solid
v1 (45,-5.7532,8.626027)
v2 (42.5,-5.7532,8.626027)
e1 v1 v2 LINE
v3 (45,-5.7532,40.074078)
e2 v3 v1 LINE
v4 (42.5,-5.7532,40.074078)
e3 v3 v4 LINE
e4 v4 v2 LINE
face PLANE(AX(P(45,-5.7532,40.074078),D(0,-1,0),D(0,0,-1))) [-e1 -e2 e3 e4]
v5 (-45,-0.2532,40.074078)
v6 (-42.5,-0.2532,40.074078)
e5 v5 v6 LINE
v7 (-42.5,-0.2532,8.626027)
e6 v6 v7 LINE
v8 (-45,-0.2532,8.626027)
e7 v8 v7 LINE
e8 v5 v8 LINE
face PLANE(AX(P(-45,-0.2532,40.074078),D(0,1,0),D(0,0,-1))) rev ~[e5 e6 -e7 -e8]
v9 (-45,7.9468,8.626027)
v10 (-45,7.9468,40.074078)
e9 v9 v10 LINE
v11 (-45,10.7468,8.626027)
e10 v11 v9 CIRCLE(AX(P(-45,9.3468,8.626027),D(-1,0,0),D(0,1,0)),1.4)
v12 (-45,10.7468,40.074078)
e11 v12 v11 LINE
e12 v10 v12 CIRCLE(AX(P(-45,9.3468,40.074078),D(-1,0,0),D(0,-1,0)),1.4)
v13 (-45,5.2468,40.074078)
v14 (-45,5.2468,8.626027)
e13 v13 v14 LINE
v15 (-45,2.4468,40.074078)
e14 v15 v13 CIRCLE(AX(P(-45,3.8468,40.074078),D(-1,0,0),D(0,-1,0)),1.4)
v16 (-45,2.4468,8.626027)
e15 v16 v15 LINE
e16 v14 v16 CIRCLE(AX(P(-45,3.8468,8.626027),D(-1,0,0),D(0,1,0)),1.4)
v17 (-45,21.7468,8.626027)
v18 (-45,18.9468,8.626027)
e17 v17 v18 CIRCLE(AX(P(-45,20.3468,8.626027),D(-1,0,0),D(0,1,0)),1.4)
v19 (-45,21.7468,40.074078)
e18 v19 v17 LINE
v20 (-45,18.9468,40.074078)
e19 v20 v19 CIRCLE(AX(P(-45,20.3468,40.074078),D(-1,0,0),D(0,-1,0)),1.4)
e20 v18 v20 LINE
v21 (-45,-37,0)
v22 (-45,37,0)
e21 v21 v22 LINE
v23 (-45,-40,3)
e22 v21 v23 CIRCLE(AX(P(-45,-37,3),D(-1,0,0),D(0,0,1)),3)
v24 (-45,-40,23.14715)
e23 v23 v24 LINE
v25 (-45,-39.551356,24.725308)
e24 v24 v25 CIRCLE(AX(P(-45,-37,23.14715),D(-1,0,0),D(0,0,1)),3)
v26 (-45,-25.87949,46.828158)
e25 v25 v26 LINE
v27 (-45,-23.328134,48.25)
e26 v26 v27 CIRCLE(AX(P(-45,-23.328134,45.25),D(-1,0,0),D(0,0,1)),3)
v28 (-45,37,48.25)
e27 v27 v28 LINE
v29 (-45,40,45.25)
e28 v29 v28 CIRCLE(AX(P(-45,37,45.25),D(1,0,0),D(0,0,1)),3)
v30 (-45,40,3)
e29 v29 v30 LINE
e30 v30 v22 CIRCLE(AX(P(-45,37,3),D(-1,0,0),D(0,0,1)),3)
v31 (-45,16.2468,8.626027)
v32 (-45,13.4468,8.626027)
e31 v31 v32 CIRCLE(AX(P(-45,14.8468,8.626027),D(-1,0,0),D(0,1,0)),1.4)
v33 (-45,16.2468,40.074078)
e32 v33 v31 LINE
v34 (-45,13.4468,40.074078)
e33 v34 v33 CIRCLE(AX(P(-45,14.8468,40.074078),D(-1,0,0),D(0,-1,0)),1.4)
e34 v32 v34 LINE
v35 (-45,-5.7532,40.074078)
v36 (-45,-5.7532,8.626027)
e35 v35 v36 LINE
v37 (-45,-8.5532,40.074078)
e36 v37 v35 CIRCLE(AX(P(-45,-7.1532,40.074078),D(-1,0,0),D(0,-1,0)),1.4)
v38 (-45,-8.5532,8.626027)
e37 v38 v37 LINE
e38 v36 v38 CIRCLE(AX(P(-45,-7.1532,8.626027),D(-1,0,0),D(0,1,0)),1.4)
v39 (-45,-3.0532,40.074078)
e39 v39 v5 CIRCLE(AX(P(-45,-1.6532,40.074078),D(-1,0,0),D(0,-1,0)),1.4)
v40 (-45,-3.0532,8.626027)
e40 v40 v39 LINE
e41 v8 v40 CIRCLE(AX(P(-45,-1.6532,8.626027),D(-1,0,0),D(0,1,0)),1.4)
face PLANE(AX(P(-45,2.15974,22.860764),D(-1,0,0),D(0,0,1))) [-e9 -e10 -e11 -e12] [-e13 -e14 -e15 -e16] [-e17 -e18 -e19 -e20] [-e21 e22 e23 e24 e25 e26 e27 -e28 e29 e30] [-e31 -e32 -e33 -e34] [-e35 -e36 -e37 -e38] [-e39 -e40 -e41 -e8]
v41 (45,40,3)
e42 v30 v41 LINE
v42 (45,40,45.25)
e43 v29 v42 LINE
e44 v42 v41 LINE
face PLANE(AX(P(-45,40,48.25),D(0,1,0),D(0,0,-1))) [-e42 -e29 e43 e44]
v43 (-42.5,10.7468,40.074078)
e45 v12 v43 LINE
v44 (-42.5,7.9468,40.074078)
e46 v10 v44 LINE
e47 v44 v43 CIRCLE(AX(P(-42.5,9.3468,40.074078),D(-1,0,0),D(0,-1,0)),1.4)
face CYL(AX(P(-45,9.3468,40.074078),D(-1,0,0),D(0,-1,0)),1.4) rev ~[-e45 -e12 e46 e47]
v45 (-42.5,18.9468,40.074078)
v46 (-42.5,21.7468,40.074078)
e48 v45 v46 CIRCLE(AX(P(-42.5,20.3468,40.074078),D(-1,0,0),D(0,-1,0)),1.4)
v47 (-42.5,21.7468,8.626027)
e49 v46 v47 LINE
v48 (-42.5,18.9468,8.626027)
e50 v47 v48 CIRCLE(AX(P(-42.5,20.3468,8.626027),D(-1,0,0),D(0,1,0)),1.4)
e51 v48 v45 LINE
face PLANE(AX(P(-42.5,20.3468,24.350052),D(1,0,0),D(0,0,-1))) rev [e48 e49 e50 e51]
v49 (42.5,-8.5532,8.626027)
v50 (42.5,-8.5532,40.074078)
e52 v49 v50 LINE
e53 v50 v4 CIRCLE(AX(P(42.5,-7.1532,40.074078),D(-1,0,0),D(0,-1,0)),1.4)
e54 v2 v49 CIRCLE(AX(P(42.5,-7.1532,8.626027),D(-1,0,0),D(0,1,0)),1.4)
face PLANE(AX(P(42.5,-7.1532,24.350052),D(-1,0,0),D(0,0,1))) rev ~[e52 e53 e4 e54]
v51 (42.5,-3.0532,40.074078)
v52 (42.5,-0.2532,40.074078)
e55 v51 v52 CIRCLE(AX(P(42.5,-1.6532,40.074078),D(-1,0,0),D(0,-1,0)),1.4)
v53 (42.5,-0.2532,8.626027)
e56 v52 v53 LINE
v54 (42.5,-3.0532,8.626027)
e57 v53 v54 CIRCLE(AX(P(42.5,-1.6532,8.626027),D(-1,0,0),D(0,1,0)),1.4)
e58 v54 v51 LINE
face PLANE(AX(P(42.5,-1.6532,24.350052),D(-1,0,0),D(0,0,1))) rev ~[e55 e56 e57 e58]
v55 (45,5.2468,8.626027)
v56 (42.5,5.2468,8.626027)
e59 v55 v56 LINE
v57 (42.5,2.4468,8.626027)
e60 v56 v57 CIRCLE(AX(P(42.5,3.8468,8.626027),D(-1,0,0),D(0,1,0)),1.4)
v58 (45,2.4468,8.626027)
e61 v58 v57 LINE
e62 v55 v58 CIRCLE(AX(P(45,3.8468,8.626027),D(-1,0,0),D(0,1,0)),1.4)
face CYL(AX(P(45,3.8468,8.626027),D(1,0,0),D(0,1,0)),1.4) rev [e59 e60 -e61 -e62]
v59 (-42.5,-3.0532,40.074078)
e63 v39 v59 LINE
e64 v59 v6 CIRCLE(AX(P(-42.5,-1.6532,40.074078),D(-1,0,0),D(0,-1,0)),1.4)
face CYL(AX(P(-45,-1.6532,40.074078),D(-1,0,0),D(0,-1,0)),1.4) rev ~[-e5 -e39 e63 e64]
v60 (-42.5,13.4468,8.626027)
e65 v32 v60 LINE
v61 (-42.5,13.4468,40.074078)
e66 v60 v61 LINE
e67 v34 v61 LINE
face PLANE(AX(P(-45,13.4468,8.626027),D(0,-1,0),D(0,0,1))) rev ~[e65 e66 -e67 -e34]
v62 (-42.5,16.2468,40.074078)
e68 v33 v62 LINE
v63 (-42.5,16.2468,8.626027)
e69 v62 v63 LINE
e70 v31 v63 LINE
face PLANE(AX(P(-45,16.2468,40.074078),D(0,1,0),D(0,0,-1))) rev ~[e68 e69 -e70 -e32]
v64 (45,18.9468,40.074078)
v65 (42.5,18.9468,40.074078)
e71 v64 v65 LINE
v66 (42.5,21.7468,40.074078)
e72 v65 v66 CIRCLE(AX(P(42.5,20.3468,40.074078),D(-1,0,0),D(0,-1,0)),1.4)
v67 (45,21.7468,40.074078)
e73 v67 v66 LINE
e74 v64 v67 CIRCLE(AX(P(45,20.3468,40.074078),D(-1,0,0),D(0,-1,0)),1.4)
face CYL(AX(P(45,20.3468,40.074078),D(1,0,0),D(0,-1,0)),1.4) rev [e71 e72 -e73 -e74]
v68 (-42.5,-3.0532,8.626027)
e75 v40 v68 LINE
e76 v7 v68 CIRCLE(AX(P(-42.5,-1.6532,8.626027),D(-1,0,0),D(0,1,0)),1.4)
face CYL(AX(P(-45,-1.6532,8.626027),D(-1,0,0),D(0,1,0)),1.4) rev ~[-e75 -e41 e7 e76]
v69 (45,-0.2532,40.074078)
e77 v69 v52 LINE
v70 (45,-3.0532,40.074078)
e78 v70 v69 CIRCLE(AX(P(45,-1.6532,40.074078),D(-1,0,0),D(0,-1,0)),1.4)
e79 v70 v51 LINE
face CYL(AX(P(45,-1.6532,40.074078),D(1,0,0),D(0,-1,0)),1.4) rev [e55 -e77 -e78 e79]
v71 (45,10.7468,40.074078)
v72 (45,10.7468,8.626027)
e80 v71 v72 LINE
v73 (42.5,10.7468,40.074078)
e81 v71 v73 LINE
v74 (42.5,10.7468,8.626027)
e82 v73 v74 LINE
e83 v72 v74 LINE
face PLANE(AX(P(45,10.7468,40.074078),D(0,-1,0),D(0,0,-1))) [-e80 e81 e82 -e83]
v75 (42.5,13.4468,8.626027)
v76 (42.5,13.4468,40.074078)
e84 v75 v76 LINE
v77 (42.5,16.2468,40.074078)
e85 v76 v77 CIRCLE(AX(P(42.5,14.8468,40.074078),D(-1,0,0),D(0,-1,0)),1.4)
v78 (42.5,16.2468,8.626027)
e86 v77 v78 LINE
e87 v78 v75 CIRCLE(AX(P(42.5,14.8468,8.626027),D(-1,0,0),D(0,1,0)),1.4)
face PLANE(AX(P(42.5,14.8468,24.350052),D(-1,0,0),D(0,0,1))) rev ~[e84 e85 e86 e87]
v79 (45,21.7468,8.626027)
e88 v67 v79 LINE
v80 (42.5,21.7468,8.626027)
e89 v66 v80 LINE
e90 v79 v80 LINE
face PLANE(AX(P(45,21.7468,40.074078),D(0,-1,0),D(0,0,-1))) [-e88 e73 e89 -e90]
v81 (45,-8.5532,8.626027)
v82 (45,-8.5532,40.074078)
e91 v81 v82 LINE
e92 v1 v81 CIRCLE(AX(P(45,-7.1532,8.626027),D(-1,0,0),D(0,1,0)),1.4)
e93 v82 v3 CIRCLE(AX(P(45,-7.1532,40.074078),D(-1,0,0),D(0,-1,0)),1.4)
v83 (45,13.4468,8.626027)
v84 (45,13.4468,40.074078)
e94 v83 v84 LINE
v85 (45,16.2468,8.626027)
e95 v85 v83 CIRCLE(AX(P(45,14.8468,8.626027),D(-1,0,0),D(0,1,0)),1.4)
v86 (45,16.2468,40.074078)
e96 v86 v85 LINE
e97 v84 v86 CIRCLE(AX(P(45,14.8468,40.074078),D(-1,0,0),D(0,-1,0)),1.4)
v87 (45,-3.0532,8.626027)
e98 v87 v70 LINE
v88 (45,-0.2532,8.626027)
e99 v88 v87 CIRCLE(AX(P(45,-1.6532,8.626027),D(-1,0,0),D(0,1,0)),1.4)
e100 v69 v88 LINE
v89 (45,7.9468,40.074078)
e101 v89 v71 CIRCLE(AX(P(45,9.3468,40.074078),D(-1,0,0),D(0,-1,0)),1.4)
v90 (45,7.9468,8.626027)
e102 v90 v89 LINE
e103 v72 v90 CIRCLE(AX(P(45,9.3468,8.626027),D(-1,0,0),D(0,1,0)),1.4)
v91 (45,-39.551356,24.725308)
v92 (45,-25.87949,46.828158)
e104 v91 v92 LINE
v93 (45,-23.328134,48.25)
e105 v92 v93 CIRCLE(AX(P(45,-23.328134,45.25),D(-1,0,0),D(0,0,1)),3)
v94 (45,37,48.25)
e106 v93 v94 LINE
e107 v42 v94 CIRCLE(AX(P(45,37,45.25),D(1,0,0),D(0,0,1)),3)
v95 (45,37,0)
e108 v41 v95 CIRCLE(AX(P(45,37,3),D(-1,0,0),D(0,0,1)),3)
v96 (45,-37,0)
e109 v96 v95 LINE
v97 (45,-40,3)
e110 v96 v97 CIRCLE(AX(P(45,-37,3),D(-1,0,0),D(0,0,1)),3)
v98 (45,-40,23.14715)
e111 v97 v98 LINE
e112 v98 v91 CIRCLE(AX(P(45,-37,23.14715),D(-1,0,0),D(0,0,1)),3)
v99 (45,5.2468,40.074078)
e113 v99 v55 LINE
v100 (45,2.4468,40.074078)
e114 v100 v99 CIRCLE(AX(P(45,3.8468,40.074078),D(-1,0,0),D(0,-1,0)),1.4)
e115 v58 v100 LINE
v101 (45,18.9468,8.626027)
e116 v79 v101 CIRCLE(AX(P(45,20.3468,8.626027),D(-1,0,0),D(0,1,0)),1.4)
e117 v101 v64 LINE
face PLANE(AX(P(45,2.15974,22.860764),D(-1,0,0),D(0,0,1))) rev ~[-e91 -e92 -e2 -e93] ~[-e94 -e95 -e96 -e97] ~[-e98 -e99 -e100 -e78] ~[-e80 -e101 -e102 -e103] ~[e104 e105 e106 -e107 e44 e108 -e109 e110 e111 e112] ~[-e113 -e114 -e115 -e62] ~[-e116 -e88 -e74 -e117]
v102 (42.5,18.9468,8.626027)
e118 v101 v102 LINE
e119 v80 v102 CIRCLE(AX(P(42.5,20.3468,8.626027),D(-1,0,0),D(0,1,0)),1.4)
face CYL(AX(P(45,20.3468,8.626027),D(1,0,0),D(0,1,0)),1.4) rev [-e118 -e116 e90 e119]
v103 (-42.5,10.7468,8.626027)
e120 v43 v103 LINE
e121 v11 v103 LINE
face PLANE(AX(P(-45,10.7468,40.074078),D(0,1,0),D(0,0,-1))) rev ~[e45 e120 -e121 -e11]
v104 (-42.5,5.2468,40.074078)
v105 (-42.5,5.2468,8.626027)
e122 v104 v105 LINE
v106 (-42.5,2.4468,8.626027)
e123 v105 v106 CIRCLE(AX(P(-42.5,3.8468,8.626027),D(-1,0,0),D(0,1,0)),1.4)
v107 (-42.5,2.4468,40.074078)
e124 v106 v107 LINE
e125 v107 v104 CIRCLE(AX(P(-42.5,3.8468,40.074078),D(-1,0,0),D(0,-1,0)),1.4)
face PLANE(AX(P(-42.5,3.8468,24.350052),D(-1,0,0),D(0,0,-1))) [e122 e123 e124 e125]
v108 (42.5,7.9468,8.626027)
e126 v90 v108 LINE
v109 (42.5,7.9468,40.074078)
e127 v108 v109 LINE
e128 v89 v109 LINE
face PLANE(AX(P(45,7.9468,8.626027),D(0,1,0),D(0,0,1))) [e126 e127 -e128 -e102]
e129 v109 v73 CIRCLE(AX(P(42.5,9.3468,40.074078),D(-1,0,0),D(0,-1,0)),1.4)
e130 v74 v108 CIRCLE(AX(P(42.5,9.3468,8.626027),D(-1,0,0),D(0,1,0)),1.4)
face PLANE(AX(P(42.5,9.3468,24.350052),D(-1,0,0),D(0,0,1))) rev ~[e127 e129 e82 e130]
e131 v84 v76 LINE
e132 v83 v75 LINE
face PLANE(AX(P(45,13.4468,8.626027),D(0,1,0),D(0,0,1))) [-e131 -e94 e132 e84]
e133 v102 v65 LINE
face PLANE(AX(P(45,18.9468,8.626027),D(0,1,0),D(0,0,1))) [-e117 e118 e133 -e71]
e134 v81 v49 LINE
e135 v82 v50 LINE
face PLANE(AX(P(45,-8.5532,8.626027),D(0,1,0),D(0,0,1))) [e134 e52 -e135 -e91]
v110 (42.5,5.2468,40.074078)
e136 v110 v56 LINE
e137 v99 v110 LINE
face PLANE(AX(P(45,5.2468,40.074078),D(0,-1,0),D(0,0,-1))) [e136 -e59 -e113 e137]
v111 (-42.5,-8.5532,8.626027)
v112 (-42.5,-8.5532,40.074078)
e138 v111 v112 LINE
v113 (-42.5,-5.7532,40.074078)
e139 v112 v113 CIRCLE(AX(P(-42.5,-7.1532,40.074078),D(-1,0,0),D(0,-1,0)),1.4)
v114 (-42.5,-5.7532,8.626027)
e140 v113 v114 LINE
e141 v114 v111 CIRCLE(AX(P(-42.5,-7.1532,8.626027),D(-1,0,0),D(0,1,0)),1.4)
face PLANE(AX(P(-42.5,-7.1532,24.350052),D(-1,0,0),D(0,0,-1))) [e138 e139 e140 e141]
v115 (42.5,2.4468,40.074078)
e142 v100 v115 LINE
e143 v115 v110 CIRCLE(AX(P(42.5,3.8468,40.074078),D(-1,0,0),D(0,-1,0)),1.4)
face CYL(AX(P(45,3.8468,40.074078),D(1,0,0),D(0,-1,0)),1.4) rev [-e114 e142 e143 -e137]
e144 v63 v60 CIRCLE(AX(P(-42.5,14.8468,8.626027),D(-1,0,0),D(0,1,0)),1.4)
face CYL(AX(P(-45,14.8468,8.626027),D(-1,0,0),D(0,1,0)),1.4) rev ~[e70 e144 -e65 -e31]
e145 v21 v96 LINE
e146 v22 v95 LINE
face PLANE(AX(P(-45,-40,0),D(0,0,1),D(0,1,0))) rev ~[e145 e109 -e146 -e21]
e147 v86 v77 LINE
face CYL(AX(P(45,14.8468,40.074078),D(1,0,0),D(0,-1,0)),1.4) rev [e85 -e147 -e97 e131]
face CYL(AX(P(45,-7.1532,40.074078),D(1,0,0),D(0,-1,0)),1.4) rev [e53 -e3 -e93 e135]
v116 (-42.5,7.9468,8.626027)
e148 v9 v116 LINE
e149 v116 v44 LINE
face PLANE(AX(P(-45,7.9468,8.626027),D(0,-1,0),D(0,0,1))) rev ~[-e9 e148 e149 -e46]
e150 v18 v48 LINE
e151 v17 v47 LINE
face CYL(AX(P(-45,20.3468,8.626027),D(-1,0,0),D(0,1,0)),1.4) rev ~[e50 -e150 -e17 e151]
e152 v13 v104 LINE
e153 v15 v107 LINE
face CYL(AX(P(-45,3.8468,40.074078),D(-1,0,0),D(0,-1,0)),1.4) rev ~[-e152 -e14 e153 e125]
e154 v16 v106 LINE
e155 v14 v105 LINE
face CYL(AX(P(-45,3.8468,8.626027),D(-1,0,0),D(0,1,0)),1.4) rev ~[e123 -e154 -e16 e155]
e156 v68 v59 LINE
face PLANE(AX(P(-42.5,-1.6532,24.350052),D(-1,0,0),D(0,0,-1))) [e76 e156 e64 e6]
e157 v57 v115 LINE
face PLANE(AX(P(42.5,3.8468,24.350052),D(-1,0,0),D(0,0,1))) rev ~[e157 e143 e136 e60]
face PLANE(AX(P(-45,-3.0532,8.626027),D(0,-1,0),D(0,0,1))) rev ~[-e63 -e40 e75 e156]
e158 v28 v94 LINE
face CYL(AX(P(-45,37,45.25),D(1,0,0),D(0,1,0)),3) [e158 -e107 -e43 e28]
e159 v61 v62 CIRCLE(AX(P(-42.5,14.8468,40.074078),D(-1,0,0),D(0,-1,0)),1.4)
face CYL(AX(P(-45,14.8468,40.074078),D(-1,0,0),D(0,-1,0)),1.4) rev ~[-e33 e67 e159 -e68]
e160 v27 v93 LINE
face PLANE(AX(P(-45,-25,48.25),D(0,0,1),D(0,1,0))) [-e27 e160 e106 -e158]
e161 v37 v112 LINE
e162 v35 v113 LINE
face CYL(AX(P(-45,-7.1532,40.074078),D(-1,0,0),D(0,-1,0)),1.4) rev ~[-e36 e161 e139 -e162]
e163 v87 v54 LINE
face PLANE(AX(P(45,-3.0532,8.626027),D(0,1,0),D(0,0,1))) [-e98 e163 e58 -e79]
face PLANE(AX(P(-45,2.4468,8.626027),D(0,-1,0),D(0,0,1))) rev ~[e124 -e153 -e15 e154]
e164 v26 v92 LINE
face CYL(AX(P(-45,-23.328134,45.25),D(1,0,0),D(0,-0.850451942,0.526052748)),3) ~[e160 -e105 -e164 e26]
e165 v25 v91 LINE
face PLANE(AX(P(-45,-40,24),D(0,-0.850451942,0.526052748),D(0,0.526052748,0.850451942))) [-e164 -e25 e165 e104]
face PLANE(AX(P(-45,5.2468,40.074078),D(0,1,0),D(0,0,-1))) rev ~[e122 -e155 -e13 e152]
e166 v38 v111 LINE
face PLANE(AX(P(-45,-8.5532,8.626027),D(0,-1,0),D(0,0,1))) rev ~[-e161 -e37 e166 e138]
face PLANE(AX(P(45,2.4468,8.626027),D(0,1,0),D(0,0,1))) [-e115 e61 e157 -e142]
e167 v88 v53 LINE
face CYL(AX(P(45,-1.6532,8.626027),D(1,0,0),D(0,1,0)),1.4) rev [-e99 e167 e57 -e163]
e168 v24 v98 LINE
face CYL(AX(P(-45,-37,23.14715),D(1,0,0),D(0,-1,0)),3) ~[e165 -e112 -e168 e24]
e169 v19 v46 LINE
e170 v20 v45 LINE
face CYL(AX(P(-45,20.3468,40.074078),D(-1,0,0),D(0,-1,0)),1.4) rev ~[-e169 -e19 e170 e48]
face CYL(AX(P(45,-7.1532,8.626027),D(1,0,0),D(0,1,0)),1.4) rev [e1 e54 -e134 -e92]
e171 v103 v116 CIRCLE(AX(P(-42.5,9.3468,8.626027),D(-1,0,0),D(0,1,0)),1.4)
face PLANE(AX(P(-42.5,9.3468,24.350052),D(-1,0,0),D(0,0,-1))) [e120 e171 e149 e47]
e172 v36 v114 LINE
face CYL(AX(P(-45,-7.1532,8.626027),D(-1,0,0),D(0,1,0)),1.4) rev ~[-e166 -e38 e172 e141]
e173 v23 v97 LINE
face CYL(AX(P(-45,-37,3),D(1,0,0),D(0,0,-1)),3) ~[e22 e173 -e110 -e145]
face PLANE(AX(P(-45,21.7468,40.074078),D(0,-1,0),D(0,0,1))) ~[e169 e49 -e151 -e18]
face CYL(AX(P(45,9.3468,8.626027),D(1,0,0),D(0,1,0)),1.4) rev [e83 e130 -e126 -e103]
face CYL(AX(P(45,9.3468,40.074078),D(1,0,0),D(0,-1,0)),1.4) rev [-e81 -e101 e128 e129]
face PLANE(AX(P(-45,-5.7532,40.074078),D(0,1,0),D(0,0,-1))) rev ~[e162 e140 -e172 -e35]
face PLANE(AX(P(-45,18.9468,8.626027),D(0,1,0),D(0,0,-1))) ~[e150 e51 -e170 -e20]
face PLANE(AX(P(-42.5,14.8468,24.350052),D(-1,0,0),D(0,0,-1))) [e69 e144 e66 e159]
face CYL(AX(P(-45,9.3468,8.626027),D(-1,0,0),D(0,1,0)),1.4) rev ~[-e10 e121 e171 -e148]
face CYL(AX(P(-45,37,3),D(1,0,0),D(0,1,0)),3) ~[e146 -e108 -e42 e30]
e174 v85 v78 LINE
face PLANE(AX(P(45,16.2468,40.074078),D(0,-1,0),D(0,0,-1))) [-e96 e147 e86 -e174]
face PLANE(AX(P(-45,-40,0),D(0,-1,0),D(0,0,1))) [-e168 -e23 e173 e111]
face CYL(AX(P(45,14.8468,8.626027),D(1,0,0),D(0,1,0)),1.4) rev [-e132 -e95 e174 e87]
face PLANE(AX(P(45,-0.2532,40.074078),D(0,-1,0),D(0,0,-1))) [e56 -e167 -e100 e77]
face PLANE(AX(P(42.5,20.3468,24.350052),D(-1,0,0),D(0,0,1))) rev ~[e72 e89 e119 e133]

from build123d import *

# Parameters (mm, degrees)
BOSS_EXTRU_1_DEPTH         = 45
BOSS_EXTRU_1_DEPTH_BACK    = 45
CONG_1_R                   = 3
ENL_V_MAT_EXTRU_1_DEPTH    = 2.5
R_P_TITION_LIN_AIRE1_COUNT = 6
R_P_TITION_LIN_AIRE1_PITCH = 5.5
SYM_TRIE1_COPY_1_DEPTH     = 2.5
SYM_TRIE1_COPY_2_DEPTH     = 2.5
SYM_TRIE1_COPY_3_DEPTH     = 2.5
SYM_TRIE1_COPY_4_DEPTH     = 2.5
SYM_TRIE1_COPY_5_DEPTH     = 2.5
SYM_TRIE1_COPY_6_DEPTH     = 2.5


with BuildPart() as part:
    # Esquisse1 → Boss.-Extru.1 (new, two sides: drawn at the far end of the back side and taken through both)
    with BuildSketch(Plane(origin=(0, 0, 0), x_dir=(0, 0, -1), z_dir=(1, 0, 0)).offset(-BOSS_EXTRU_1_DEPTH_BACK)):
        Polygon((-48.25, 40), (0, 40), (0, 0), (0, -40), (-24, -40), (-48.25, -25), align=None)
    extrude(amount=BOSS_EXTRU_1_DEPTH + BOSS_EXTRU_1_DEPTH_BACK)

    # Congé1
    cong_1_edges = [part.edges().sort_by_distance(p)[0] for p in [
        (0, -40, 24),
        (0, -25, 48.25),
        (0, -40, 0),
        (0, 40, 0),
        (0, 40, 48.25),
    ]]
    fillet(cong_1_edges, radius=CONG_1_R)

    # Esquisse2 → Enlèv. mat.-Extru.1 (cut)
    with BuildSketch(Plane(origin=(45, 0, 0), x_dir=(0, 0, -1), z_dir=(1, 0, 0))):
        with BuildLine():
            Line((-40.074077662, 21.746799664), (-8.626027221, 21.746799664))
            ThreePointArc((-8.626027221, 21.746799664), (-7.226027221, 20.346799664), (-8.626027221, 18.946799664))
            Line((-8.626027221, 18.946799664), (-40.074077662, 18.946799664))
            ThreePointArc((-40.074077662, 18.946799664), (-41.474077662, 20.346799664), (-40.074077662, 21.746799664))
        make_face()
    enl_v_mat_extru_1 = extrude(amount=-ENL_V_MAT_EXTRU_1_DEPTH, mode=Mode.SUBTRACT)

    # Répétition linéaire1: Enlèv. mat.-Extru.1 ×6
    with Locations(*[(0, -i * R_P_TITION_LIN_AIRE1_PITCH, 0) for i in range(1, R_P_TITION_LIN_AIRE1_COUNT)]):
        add(enl_v_mat_extru_1, mode=Mode.SUBTRACT)

    # Symétrie1 copy 1 sketch → Symétrie1 copy 1 (cut)
    with BuildSketch(Plane(origin=(-45, -5.5, 0), x_dir=(0, 0, -1), z_dir=(-1, 0, 0))):
        with BuildLine():
            Line((-40.074077662, -21.746799664), (-8.626027221, -21.746799664))
            ThreePointArc((-8.626027221, -21.746799664), (-7.226027221, -20.346799664), (-8.626027221, -18.946799664))
            Line((-8.626027221, -18.946799664), (-40.074077662, -18.946799664))
            ThreePointArc((-40.074077662, -18.946799664), (-41.474077662, -20.346799664), (-40.074077662, -21.746799664))
        make_face()
    extrude(amount=-SYM_TRIE1_COPY_1_DEPTH, mode=Mode.SUBTRACT)

    # Symétrie1 copy 2 sketch → Symétrie1 copy 2 (cut)
    with BuildSketch(Plane(origin=(-45, -11, 0), x_dir=(0, 0, -1), z_dir=(-1, 0, 0))):
        with BuildLine():
            Line((-40.074077662, -21.746799664), (-8.626027221, -21.746799664))
            ThreePointArc((-8.626027221, -21.746799664), (-7.226027221, -20.346799664), (-8.626027221, -18.946799664))
            Line((-8.626027221, -18.946799664), (-40.074077662, -18.946799664))
            ThreePointArc((-40.074077662, -18.946799664), (-41.474077662, -20.346799664), (-40.074077662, -21.746799664))
        make_face()
    extrude(amount=-SYM_TRIE1_COPY_2_DEPTH, mode=Mode.SUBTRACT)

    # Symétrie1 copy 3 sketch → Symétrie1 copy 3 (cut)
    with BuildSketch(Plane(origin=(-45, -16.5, 0), x_dir=(0, 0, -1), z_dir=(-1, 0, 0))):
        with BuildLine():
            Line((-40.074077662, -21.746799664), (-8.626027221, -21.746799664))
            ThreePointArc((-8.626027221, -21.746799664), (-7.226027221, -20.346799664), (-8.626027221, -18.946799664))
            Line((-8.626027221, -18.946799664), (-40.074077662, -18.946799664))
            ThreePointArc((-40.074077662, -18.946799664), (-41.474077662, -20.346799664), (-40.074077662, -21.746799664))
        make_face()
    extrude(amount=-SYM_TRIE1_COPY_3_DEPTH, mode=Mode.SUBTRACT)

    # Symétrie1 copy 4 sketch → Symétrie1 copy 4 (cut)
    with BuildSketch(Plane(origin=(-45, -22, 0), x_dir=(0, 0, -1), z_dir=(-1, 0, 0))):
        with BuildLine():
            Line((-40.074077662, -21.746799664), (-8.626027221, -21.746799664))
            ThreePointArc((-8.626027221, -21.746799664), (-7.226027221, -20.346799664), (-8.626027221, -18.946799664))
            Line((-8.626027221, -18.946799664), (-40.074077662, -18.946799664))
            ThreePointArc((-40.074077662, -18.946799664), (-41.474077662, -20.346799664), (-40.074077662, -21.746799664))
        make_face()
    extrude(amount=-SYM_TRIE1_COPY_4_DEPTH, mode=Mode.SUBTRACT)

    # Symétrie1 copy 5 sketch → Symétrie1 copy 5 (cut)
    with BuildSketch(Plane(origin=(-45, -27.5, 0), x_dir=(0, 0, -1), z_dir=(-1, 0, 0))):
        with BuildLine():
            Line((-40.074077662, -21.746799664), (-8.626027221, -21.746799664))
            ThreePointArc((-8.626027221, -21.746799664), (-7.226027221, -20.346799664), (-8.626027221, -18.946799664))
            Line((-8.626027221, -18.946799664), (-40.074077662, -18.946799664))
            ThreePointArc((-40.074077662, -18.946799664), (-41.474077662, -20.346799664), (-40.074077662, -21.746799664))
        make_face()
    extrude(amount=-SYM_TRIE1_COPY_5_DEPTH, mode=Mode.SUBTRACT)

    # Symétrie1 copy 6 sketch → Symétrie1 copy 6 (cut)
    with BuildSketch(Plane(origin=(-45, 0, 0), x_dir=(0, 0, -1), z_dir=(-1, 0, 0))):
        with BuildLine():
            Line((-40.074077662, -21.746799664), (-8.626027221, -21.746799664))
            ThreePointArc((-8.626027221, -21.746799664), (-7.226027221, -20.346799664), (-8.626027221, -18.946799664))
            Line((-8.626027221, -18.946799664), (-40.074077662, -18.946799664))
            ThreePointArc((-40.074077662, -18.946799664), (-41.474077662, -20.346799664), (-40.074077662, -21.746799664))
        make_face()
    extrude(amount=-SYM_TRIE1_COPY_6_DEPTH, mode=Mode.SUBTRACT)


solid = part.part
